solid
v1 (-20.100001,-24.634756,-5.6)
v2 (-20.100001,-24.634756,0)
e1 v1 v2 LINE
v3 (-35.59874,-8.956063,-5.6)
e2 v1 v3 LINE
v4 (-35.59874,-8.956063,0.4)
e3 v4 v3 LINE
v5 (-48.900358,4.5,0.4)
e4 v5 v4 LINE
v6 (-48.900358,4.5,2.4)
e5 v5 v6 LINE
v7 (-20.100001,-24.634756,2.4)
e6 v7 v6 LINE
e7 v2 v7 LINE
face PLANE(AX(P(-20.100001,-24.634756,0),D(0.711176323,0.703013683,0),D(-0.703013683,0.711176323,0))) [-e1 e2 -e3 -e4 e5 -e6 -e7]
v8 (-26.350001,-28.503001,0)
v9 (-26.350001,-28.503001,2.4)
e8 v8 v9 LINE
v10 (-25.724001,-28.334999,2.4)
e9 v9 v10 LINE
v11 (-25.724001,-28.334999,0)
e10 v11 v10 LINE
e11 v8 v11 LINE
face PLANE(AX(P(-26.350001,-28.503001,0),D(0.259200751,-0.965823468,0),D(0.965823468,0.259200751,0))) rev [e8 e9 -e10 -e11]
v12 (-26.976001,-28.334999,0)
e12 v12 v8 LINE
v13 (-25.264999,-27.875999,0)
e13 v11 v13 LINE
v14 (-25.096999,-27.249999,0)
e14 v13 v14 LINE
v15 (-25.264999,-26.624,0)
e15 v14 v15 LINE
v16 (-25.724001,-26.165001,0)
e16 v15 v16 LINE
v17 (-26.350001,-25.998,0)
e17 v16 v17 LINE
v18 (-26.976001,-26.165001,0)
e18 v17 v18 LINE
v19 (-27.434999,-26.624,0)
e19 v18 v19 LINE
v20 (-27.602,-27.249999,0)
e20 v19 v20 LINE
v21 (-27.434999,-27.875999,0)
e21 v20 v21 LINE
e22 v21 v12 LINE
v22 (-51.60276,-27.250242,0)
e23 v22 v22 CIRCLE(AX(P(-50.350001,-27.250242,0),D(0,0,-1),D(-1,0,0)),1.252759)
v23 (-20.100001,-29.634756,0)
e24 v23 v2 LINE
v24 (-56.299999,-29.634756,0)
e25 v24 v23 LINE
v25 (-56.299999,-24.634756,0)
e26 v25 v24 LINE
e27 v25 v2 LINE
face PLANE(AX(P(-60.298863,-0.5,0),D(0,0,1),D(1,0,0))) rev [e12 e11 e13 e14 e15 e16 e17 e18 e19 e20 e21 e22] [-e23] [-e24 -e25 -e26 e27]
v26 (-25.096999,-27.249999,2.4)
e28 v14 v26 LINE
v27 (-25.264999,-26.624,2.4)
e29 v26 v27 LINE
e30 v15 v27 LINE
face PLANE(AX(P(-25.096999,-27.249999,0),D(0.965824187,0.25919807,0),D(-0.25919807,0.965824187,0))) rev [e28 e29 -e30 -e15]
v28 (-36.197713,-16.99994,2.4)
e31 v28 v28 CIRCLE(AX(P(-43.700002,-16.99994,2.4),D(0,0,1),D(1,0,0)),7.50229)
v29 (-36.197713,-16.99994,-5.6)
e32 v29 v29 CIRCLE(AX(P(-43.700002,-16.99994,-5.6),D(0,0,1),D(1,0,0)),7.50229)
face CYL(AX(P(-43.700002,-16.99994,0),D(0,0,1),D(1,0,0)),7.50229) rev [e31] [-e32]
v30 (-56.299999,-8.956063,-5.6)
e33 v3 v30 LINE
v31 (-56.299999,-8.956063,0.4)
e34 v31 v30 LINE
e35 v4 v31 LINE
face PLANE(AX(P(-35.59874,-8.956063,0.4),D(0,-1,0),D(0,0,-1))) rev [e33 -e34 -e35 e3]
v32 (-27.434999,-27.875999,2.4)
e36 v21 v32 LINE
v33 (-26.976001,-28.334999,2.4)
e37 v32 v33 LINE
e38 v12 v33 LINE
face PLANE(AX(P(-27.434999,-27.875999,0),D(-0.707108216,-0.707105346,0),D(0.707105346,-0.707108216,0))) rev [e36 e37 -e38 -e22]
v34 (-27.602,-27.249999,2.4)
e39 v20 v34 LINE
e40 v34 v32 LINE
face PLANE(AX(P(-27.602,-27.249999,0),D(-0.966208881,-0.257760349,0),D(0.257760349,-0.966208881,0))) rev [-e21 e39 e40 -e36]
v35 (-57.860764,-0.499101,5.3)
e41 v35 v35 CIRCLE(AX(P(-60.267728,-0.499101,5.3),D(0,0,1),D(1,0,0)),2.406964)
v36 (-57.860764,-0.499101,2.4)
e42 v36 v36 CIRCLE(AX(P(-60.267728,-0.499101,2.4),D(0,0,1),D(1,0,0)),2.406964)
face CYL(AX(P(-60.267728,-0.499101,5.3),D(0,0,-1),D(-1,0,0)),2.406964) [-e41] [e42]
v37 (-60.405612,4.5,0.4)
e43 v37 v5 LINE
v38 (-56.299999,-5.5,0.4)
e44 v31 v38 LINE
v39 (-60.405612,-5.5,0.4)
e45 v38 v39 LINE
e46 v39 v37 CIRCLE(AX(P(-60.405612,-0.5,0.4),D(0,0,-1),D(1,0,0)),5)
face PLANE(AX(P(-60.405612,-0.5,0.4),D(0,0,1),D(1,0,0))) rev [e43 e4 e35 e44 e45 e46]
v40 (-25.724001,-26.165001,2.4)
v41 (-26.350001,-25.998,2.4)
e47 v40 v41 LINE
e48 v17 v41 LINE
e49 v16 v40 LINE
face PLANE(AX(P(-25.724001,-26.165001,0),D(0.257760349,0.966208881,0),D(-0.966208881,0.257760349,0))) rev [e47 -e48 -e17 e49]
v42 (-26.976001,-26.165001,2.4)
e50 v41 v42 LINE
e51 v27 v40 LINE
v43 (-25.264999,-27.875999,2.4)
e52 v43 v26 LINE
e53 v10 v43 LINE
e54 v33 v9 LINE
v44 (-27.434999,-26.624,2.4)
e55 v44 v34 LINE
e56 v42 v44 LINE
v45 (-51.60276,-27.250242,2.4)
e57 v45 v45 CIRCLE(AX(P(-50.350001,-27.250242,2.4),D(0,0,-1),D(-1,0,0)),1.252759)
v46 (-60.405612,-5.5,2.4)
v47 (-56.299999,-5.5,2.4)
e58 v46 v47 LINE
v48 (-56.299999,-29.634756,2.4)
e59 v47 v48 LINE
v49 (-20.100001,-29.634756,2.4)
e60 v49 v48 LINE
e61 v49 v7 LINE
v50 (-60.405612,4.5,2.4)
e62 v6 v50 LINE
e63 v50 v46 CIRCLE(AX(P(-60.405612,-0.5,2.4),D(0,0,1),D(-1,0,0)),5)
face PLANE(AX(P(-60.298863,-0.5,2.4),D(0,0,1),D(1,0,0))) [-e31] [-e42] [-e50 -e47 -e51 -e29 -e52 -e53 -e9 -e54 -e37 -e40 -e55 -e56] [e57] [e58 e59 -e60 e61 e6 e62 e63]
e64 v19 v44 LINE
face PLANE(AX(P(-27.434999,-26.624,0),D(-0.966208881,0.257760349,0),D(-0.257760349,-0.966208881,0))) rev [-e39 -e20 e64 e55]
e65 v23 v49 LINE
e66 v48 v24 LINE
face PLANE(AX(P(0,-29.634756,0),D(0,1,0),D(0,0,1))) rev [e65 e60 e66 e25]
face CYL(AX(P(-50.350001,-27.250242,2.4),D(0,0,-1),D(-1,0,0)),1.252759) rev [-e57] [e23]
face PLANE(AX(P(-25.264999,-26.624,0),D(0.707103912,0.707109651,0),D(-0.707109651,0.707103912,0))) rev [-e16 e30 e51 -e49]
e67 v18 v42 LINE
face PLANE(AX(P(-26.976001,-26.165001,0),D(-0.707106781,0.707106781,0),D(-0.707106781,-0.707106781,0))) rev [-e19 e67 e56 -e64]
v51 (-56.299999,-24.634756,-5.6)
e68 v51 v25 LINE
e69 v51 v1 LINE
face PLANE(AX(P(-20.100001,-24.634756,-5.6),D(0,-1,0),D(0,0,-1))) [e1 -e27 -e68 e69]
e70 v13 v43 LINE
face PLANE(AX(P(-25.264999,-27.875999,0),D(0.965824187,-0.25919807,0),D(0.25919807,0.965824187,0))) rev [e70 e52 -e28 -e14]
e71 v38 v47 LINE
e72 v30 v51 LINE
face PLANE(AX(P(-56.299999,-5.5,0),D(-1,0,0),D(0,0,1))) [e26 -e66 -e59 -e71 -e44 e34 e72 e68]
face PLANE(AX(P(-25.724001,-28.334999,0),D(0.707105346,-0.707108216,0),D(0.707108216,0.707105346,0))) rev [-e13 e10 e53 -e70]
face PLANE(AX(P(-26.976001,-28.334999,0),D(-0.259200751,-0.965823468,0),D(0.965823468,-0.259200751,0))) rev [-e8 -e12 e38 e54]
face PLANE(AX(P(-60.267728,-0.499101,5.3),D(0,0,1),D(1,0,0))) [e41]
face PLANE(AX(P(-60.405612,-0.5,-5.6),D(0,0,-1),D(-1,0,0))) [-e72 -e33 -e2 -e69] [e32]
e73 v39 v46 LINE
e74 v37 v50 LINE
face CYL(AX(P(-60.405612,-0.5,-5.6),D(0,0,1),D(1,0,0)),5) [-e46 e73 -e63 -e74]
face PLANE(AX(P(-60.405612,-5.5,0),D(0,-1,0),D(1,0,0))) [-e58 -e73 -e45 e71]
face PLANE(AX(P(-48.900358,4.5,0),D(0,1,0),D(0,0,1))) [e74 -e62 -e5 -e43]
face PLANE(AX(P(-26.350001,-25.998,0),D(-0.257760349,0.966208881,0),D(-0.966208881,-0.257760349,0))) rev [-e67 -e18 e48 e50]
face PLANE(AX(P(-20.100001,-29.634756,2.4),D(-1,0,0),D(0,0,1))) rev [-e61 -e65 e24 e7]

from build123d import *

# Parameters (mm, degrees)
BOSS_EXTRU_1_DEPTH      = 2.400000114
ESQUISSE9_W             = 36.19999811
ESQUISSE9_H             = 2.400000114
BOSS_EXTRU_2_DEPTH      = 5
ESQUISSE14_R            = 7.502289609
ENL_V_MAT_EXTRU_1_DEPTH = 72.750046163
ENL_V_MAT_EXTRU_2_DEPTH = 72.750046163
ESQUISSE25_R            = 1.252758793
ENL_V_MAT_EXTRU_3_DEPTH = 72.750046163
ESQUISSE28_R            = 2.406964412
BOSS_EXTRU_3_DEPTH      = 2.9
SKETCH1_R               = 7.502289609
BOSS_EXTRUDE1_DEPTH     = 8
CUT_EXTRUDE2_START      = -6
CUT_EXTRUDE2_DEPTH      = 6


with BuildPart() as part:
    # Esquisse4 → Boss.-Extru.1 (new body)
    with BuildSketch(Plane.XY.offset(2.400000114)):
        with BuildLine():
            Line((-20.100001246, -24.634756148), (-48.900358379, 4.499999806))
            Line((-48.900358379, 4.499999806), (-60.405611992, 4.499999806))
            ThreePointArc((-60.405611992, 4.499999806), (-65.300002694, -0.500000082), (-60.405611992, -5.49999997))
            Line((-60.405611992, -5.49999997), (-56.299999356, -5.49999997))
            Line((-56.299999356, -5.49999997), (-56.299999356, -24.634756148))
            Line((-56.299999356, -24.634756148), (-20.100001246, -24.634756148))
        make_face()
    extrude(amount=-BOSS_EXTRU_1_DEPTH)

    # Esquisse9 → Boss.-Extru.2 (add)
    with BuildSketch(Plane(origin=(0, -24.634756148, 0), x_dir=(-1, 0, 0), z_dir=(0, -1, 0))):
        with Locations((38.200000301, -1.200000057)):
            Rectangle(ESQUISSE9_W, ESQUISSE9_H)
    extrude(amount=BOSS_EXTRU_2_DEPTH)

    # Esquisse14 → Enlèv. mat.-Extru.1 (cut, through all)
    with BuildSketch(Plane.XY.offset(2.400000114)):
        with Locations((-43.700002134, -16.999939794)):
            Circle(ESQUISSE14_R)
    extrude(amount=-ENL_V_MAT_EXTRU_1_DEPTH, mode=Mode.SUBTRACT)

    # Esquisse19 → Enlèv. mat.-Extru.2 (cut, through all)
    with BuildSketch(Plane.XY.offset(2.400000114)):
        Polygon((-26.350000873, -28.503000736), (-25.724001229, -28.334999457), (-25.264998898, -27.875998989), (-25.096999481, -27.249999344), (-25.264998898, -26.6239997), (-25.724001229, -26.165001094), (-26.350000873, -25.998000056), (-26.976000518, -26.165001094), (-27.434999123, -26.6239997), (-27.602000162, -27.249999344), (-27.434999123, -27.875998989), (-26.976000518, -28.334999457), align=None)
    extrude(amount=-ENL_V_MAT_EXTRU_2_DEPTH, mode=Mode.SUBTRACT)

    # Esquisse25 → Enlèv. mat.-Extru.3 (cut, through all)
    with BuildSketch(Plane(origin=(0, 0, 0), x_dir=(-1, 0, 0), z_dir=(0, 0, -1))):
        with Locations((50.350001082, -27.250241944)):
            Circle(ESQUISSE25_R)
    extrude(amount=-ENL_V_MAT_EXTRU_3_DEPTH, mode=Mode.SUBTRACT)

    # Esquisse28 → Boss.-Extru.3 (add)
    with BuildSketch(Plane.XY.offset(2.400000114)):
        with Locations((-60.267728087, -0.4991006)):
            Circle(ESQUISSE28_R)
    extrude(amount=BOSS_EXTRU_3_DEPTH)

    # Sketch1 → Boss-Extrude1 (add)
    with BuildSketch(Plane.XY.offset(2.400000114)):
        with BuildLine():
            Line((-56.299999356, -24.634756148), (-56.299999356, -5.49999997))
            Line((-56.299999356, -5.49999997), (-60.405611992, -5.49999997))
            ThreePointArc((-60.405611992, -5.49999997), (-65.40561188, -0.500000082), (-60.405611992, 4.499999806))
            Line((-60.405611992, 4.499999806), (-48.900358379, 4.499999806))
            Line((-48.900358379, 4.499999806), (-20.100001246, -24.634756148))
            Line((-20.100001246, -24.634756148), (-56.299999356, -24.634756148))
        make_face()
        with Locations((-43.700002134, -16.999939794)):
            Circle(SKETCH1_R, mode=Mode.SUBTRACT)
    extrude(amount=-BOSS_EXTRUDE1_DEPTH)

    # Sketch3 → Cut-Extrude2 (cut)
    with BuildSketch(Plane(origin=(0, 0, -5.599999886), x_dir=(-1, 0, 0), z_dir=(0, 0, -1)).offset(CUT_EXTRUDE2_START)):
        with BuildLine():
            Line((56.299999356, -8.9560628), (56.299999356, -5.49999997))
            Line((56.299999356, -5.49999997), (60.405611992, -5.49999997))
            ThreePointArc((60.405611992, -5.49999997), (65.40561188, -0.500000082), (60.405611992, 4.499999806))
            Line((60.405611992, 4.499999806), (48.900358379, 4.499999806))
            Line((48.900358379, 4.499999806), (35.598739883, -8.9560628))
            Line((35.598739883, -8.9560628), (56.299999356, -8.9560628))
        make_face()
    extrude(amount=CUT_EXTRUDE2_DEPTH, mode=Mode.SUBTRACT)


solid = part.part
